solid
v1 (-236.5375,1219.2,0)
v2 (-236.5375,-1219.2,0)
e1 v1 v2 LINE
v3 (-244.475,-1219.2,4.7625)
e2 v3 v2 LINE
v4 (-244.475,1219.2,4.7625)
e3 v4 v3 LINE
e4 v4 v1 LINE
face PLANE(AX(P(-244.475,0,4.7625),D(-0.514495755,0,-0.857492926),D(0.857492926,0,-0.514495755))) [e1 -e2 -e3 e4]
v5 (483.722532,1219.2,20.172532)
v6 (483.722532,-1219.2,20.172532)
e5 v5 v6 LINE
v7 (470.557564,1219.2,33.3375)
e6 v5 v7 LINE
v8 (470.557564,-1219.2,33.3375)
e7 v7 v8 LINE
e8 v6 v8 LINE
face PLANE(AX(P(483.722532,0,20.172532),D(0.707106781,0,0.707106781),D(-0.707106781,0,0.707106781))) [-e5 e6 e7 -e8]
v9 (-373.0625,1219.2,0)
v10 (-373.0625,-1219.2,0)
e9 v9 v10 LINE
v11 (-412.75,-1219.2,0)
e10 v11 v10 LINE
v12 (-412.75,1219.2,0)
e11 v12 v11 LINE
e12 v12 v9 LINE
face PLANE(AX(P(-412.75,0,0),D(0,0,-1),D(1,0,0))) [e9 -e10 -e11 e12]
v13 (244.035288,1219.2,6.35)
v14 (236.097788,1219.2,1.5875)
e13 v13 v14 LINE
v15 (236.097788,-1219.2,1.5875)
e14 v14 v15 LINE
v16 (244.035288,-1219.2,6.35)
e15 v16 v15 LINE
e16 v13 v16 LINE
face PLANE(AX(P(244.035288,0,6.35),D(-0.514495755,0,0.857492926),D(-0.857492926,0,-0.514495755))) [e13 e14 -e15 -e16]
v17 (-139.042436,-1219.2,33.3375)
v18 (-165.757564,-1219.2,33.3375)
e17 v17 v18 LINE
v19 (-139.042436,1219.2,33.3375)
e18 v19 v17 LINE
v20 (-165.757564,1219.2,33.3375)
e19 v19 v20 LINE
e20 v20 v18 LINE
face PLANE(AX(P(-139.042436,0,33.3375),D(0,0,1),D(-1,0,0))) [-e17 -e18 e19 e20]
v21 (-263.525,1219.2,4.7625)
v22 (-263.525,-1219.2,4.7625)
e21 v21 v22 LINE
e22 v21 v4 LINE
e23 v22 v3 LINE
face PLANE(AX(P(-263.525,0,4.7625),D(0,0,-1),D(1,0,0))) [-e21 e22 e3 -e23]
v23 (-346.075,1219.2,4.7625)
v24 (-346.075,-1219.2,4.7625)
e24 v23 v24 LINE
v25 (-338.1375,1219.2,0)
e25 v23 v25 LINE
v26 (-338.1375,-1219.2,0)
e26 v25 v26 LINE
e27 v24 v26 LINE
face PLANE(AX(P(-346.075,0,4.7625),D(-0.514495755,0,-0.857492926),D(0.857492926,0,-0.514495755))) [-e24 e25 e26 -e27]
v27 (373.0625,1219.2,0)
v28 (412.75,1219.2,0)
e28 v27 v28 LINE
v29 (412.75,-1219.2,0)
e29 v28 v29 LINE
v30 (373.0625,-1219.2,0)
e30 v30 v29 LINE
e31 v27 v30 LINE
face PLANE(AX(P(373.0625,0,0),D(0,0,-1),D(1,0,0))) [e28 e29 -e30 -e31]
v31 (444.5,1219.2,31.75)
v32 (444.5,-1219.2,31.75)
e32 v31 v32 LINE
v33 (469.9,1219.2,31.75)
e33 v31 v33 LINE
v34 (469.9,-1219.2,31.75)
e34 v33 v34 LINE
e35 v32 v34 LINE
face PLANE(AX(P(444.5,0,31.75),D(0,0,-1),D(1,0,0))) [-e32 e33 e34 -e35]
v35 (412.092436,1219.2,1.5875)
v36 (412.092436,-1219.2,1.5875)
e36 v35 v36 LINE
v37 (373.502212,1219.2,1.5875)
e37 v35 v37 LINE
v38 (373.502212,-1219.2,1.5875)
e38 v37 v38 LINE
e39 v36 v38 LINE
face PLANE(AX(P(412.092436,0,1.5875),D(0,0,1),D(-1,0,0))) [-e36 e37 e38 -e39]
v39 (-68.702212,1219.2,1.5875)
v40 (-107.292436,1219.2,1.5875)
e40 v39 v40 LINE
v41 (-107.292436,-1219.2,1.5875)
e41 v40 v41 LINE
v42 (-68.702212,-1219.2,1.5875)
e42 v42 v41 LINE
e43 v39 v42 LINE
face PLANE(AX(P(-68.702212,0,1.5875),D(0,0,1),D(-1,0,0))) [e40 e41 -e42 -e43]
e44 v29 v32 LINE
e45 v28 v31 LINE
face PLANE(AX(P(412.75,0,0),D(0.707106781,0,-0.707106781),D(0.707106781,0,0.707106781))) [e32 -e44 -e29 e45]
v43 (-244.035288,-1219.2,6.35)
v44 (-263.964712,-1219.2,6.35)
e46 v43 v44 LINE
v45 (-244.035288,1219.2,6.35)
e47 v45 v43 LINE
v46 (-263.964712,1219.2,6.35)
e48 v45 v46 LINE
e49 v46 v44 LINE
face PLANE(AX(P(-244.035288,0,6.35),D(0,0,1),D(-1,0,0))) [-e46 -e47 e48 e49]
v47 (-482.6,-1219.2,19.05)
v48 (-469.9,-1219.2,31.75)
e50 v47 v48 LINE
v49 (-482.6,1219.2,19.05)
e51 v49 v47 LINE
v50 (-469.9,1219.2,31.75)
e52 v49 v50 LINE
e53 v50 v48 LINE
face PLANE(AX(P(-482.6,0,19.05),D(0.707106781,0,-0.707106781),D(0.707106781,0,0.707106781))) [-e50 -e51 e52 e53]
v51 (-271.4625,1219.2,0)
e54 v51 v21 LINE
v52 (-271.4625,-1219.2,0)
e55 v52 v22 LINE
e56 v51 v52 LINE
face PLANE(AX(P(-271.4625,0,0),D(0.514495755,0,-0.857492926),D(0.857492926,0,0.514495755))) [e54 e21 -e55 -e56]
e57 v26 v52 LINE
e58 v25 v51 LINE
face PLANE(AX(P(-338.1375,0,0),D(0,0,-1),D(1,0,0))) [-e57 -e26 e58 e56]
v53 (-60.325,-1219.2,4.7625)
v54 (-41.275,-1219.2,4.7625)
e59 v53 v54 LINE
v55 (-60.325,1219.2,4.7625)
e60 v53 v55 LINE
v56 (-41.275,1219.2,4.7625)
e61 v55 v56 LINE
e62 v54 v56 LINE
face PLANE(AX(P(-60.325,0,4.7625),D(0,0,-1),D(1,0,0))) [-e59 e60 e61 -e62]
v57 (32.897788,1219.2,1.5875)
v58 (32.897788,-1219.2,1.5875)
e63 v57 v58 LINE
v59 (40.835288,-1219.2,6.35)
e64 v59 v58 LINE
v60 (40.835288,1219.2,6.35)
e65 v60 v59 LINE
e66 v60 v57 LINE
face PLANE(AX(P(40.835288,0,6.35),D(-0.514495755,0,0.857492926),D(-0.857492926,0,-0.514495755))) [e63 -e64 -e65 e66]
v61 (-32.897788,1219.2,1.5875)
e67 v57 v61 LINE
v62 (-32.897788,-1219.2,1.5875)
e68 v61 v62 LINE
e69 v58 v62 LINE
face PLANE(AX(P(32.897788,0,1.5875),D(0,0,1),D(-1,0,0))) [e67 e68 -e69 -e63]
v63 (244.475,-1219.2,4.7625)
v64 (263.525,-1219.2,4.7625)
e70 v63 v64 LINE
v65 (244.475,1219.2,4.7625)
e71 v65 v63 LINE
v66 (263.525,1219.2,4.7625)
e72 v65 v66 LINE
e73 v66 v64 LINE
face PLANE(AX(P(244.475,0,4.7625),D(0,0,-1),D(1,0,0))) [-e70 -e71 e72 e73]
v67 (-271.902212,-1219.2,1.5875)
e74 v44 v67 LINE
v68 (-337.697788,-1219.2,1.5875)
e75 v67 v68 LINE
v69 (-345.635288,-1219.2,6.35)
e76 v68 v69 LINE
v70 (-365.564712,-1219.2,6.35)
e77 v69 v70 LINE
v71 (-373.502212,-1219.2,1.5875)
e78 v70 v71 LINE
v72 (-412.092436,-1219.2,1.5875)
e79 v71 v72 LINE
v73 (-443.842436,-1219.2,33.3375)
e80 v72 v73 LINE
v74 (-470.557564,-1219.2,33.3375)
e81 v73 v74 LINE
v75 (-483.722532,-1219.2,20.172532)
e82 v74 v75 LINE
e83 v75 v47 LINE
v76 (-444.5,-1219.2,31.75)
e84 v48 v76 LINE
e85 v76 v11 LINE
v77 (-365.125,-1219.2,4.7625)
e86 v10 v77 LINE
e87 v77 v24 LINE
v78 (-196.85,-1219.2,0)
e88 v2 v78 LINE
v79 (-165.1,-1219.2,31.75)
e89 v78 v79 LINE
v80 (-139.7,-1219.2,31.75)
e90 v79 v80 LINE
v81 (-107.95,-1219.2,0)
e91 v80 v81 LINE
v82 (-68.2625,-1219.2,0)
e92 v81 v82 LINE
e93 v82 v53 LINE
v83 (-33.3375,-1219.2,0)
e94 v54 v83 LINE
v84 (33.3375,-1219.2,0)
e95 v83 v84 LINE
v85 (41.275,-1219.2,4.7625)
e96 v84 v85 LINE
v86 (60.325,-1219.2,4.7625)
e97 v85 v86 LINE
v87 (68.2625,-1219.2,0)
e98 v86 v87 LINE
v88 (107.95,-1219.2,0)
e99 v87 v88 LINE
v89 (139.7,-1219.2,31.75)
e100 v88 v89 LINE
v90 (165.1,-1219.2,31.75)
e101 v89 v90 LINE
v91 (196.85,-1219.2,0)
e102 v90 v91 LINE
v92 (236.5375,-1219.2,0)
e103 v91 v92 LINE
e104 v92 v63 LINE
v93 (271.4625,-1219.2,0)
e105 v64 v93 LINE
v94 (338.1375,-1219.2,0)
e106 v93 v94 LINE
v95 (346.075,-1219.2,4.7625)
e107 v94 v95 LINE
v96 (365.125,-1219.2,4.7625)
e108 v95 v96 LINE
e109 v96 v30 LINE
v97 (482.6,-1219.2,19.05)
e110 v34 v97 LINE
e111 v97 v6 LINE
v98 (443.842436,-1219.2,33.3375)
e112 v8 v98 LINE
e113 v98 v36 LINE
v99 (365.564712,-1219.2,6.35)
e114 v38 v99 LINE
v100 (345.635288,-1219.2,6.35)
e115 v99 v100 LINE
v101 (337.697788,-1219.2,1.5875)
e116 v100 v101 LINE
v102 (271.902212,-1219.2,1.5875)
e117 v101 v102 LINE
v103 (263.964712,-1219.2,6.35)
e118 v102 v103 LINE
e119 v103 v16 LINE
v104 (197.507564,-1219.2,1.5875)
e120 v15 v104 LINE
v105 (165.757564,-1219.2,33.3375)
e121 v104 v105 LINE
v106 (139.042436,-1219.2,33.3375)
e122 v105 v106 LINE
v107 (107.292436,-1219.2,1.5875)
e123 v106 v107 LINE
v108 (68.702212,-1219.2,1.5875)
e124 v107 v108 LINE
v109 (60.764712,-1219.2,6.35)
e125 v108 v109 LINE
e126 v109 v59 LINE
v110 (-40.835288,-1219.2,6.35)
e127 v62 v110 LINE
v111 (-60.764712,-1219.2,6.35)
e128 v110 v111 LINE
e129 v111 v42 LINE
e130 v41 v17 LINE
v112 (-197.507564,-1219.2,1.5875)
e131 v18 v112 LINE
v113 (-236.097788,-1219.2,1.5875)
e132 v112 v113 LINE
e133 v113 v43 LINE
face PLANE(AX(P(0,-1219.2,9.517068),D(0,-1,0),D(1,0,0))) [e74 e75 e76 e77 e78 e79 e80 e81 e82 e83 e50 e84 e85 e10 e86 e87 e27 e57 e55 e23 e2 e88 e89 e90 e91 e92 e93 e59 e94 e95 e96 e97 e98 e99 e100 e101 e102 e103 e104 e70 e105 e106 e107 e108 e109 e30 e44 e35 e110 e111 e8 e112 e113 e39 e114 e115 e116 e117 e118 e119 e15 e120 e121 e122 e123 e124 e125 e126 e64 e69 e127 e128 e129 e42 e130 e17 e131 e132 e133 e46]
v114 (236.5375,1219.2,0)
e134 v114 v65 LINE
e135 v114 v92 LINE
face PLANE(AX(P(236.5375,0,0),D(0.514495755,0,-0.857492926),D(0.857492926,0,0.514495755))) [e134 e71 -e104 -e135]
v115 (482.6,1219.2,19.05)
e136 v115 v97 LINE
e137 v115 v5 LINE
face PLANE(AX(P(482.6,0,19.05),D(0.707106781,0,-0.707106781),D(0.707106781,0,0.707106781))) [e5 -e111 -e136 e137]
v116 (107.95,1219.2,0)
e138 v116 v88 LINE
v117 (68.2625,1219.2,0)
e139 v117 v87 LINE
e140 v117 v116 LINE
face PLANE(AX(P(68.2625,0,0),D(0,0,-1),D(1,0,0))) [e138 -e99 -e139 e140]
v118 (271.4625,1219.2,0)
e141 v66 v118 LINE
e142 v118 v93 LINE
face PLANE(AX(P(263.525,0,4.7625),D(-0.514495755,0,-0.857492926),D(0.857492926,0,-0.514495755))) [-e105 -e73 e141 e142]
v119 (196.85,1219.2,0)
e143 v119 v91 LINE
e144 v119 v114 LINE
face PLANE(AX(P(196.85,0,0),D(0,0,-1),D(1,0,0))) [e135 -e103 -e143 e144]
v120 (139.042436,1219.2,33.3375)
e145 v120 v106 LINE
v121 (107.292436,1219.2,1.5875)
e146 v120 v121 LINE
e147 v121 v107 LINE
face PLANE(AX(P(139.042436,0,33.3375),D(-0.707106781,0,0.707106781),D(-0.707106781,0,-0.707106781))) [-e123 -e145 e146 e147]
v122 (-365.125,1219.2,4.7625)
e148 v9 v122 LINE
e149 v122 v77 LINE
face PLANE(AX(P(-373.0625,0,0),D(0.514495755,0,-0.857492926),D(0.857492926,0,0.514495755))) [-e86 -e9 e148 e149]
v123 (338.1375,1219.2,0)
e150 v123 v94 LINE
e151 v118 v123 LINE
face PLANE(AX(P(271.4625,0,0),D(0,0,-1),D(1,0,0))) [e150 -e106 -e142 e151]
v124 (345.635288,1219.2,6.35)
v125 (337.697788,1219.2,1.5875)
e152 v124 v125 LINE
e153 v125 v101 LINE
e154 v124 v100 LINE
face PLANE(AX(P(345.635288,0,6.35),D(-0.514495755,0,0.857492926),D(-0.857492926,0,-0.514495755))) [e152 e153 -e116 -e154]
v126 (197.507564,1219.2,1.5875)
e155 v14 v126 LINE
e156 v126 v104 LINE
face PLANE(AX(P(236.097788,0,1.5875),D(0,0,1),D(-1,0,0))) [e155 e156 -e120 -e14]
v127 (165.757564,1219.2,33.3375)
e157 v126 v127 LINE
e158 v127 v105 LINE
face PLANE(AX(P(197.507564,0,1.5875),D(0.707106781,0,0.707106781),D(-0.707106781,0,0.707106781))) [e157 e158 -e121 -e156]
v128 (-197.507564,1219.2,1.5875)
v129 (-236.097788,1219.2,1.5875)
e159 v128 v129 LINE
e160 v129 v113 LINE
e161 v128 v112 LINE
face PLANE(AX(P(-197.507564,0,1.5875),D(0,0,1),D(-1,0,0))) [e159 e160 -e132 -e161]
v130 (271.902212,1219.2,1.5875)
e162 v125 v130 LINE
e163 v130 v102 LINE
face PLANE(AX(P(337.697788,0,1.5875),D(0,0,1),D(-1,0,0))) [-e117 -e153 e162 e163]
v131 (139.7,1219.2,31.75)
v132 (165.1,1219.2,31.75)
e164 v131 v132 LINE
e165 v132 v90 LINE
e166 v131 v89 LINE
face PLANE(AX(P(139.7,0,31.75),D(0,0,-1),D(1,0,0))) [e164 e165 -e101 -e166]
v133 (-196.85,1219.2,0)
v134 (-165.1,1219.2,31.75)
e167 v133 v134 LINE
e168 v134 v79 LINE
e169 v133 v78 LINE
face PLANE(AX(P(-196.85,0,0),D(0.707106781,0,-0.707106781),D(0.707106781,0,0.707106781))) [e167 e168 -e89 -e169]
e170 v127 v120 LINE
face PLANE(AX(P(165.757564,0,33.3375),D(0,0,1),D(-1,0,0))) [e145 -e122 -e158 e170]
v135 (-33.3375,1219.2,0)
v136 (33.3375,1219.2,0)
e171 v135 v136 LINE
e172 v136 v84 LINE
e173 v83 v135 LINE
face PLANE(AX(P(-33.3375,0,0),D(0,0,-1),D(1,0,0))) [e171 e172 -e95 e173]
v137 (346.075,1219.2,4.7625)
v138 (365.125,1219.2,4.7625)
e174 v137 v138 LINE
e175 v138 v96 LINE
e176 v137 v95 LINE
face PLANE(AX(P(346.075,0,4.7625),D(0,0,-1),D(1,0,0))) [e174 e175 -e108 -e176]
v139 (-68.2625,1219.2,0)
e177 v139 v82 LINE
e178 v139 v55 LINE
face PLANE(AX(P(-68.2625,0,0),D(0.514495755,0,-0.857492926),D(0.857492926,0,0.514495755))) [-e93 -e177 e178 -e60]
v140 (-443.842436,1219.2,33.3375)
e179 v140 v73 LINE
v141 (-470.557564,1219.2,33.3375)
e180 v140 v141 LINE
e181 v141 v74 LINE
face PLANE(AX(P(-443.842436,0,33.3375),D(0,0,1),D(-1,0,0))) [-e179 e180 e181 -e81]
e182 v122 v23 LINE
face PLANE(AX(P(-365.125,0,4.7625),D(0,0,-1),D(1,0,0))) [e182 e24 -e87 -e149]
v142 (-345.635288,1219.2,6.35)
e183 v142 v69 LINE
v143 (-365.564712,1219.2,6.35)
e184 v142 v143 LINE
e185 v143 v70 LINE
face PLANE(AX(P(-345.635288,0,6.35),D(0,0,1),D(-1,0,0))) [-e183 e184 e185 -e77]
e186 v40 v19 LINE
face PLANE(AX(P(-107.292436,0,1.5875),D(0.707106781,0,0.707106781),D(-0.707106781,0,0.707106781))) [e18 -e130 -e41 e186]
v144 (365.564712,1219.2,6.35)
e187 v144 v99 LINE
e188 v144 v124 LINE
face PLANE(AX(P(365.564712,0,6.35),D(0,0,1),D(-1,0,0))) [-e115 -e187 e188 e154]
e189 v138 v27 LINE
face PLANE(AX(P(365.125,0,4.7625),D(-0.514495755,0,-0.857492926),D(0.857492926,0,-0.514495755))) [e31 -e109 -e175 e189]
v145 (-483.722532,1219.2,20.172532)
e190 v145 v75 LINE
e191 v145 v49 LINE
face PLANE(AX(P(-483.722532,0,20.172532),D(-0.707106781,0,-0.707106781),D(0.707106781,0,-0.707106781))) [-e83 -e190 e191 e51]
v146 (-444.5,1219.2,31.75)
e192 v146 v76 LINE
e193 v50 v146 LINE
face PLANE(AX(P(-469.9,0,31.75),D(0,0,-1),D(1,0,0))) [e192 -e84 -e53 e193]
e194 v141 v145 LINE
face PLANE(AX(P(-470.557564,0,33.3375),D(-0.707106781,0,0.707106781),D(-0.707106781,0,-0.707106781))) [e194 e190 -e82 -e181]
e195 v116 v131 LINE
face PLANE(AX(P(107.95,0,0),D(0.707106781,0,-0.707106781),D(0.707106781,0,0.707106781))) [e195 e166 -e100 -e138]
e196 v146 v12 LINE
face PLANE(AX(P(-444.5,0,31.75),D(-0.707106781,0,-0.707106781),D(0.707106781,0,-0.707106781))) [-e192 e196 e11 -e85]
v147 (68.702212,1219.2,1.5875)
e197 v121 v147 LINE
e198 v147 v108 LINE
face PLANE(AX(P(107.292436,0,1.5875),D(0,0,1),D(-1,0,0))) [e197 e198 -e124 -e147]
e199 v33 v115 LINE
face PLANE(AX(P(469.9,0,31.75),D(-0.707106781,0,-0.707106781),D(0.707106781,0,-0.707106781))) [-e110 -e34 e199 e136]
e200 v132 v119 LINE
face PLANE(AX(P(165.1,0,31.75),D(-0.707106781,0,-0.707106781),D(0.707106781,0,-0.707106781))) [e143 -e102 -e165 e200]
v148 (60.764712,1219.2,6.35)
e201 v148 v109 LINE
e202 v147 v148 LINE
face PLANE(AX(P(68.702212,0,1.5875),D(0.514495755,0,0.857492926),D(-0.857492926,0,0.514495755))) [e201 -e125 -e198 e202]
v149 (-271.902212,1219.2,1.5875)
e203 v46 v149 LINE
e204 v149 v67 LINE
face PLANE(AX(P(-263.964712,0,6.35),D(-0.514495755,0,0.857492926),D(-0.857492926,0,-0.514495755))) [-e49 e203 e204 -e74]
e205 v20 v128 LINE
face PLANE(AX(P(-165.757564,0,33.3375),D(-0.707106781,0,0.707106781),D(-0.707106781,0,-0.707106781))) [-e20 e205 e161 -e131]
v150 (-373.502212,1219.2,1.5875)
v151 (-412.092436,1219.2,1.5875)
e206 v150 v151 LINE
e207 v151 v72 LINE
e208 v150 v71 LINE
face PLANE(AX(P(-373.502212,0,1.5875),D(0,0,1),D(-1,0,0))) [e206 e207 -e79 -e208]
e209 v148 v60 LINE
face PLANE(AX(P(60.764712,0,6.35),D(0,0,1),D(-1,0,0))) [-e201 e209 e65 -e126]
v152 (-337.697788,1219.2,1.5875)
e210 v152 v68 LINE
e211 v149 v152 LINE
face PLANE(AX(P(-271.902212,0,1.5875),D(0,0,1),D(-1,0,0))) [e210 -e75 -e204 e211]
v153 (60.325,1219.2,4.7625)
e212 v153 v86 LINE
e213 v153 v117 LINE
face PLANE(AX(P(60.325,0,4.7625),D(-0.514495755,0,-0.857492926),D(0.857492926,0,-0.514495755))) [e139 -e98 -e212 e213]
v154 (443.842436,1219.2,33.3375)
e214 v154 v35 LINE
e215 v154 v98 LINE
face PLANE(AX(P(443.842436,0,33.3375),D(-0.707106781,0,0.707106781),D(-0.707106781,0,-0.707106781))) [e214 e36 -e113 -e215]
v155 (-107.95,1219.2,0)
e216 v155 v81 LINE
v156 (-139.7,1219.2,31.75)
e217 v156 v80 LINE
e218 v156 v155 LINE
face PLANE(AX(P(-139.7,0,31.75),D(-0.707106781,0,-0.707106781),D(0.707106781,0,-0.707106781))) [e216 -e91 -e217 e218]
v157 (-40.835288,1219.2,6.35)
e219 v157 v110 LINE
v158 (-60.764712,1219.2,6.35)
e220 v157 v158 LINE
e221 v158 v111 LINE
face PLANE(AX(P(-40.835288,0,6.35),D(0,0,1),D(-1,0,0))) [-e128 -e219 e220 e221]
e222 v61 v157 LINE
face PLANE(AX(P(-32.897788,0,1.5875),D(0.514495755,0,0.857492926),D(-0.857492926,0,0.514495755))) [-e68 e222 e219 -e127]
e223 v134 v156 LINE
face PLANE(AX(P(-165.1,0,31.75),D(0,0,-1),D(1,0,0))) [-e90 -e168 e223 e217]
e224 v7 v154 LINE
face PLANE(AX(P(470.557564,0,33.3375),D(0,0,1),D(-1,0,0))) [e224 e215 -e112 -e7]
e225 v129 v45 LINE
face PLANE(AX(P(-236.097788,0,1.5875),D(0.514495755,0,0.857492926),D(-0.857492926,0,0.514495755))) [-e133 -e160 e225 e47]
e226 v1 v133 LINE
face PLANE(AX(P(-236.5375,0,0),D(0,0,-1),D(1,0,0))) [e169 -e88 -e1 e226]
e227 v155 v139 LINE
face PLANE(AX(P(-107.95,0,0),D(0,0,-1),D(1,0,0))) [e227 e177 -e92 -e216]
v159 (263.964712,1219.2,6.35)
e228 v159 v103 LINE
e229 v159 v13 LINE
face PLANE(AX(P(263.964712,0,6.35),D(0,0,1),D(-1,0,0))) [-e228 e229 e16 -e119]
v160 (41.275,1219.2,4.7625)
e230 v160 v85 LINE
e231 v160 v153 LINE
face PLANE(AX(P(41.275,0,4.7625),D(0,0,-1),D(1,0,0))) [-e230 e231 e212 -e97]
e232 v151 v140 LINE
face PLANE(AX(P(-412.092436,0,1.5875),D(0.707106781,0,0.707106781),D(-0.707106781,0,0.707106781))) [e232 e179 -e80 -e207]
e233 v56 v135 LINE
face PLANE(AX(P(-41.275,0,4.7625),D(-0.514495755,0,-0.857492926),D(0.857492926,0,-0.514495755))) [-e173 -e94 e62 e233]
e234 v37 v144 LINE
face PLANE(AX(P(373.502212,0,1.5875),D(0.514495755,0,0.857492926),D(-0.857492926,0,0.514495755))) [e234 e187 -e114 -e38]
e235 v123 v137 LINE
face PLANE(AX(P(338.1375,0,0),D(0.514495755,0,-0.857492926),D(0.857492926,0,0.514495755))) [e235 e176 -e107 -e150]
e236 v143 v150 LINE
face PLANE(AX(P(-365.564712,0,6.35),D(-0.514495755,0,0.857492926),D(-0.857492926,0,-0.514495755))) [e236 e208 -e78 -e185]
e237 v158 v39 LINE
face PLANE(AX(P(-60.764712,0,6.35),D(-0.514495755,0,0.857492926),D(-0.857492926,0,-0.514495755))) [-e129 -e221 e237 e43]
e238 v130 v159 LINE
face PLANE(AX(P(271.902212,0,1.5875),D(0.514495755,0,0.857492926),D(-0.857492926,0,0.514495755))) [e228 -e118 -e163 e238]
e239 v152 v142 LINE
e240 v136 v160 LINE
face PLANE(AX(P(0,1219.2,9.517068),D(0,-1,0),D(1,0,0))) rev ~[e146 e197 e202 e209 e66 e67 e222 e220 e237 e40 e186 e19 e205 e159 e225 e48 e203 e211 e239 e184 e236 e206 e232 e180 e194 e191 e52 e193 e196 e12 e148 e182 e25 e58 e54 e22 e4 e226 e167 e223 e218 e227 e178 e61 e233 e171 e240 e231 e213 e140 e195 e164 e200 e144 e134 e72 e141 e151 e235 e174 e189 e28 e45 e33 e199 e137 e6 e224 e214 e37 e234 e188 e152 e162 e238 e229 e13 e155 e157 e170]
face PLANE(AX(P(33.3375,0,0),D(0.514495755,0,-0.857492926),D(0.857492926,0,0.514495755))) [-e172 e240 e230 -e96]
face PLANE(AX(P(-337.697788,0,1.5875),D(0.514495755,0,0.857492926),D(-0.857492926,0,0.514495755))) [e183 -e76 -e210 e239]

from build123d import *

# Parameters (mm, degrees)
F1_DEPTH = 1219.2


with BuildPart() as f1:
    # F0 (on Front) → F1 (new body, symmetric)
    with BuildSketch(Plane.XZ):
        Polygon((-33.3375, 0), (33.3375, 0), (41.275, 4.7625), (60.325, 4.7625), (68.2625, 0), (107.95, 0), (139.7, 31.75), (165.1, 31.75), (196.85, 0), (236.5375, 0), (244.475, 4.7625), (263.525, 4.7625), (271.4625, 0), (338.1375, 0), (346.075, 4.7625), (365.125, 4.7625), (373.0625, 0), (412.75, 0), (444.5, 31.75), (469.9, 31.75), (482.6, 19.05), (483.722532, 20.172532), (470.557564, 33.3375), (443.842436, 33.3375), (412.092436, 1.5875), (373.502212, 1.5875), (365.564712, 6.35), (345.635288, 6.35), (337.697788, 1.5875), (271.902212, 1.5875), (263.964712, 6.35), (244.035288, 6.35), (236.097788, 1.5875), (197.507564, 1.5875), (165.757564, 33.3375), (139.042436, 33.3375), (107.292436, 1.5875), (68.702212, 1.5875), (60.764712, 6.35), (40.835288, 6.35), (32.897788, 1.5875), (-32.897788, 1.5875), (-40.835288, 6.35), (-60.764712, 6.35), (-68.702212, 1.5875), (-107.292436, 1.5875), (-139.042436, 33.3375), (-165.757564, 33.3375), (-197.507564, 1.5875), (-236.097788, 1.5875), (-244.035288, 6.35), (-263.964712, 6.35), (-271.902212, 1.5875), (-337.697788, 1.5875), (-345.635288, 6.35), (-365.564712, 6.35), (-373.502212, 1.5875), (-412.092436, 1.5875), (-443.842436, 33.3375), (-470.557564, 33.3375), (-483.722532, 20.172532), (-482.6, 19.05), (-469.9, 31.75), (-444.5, 31.75), (-412.75, 0), (-373.0625, 0), (-365.125, 4.7625), (-346.075, 4.7625), (-338.1375, 0), (-271.4625, 0), (-263.525, 4.7625), (-244.475, 4.7625), (-236.5375, 0), (-196.85, 0), (-165.1, 31.75), (-139.7, 31.75), (-107.95, 0), (-68.2625, 0), (-60.325, 4.7625), (-41.275, 4.7625), align=None)
    extrude(amount=F1_DEPTH, both=True)


solid = f1.part
